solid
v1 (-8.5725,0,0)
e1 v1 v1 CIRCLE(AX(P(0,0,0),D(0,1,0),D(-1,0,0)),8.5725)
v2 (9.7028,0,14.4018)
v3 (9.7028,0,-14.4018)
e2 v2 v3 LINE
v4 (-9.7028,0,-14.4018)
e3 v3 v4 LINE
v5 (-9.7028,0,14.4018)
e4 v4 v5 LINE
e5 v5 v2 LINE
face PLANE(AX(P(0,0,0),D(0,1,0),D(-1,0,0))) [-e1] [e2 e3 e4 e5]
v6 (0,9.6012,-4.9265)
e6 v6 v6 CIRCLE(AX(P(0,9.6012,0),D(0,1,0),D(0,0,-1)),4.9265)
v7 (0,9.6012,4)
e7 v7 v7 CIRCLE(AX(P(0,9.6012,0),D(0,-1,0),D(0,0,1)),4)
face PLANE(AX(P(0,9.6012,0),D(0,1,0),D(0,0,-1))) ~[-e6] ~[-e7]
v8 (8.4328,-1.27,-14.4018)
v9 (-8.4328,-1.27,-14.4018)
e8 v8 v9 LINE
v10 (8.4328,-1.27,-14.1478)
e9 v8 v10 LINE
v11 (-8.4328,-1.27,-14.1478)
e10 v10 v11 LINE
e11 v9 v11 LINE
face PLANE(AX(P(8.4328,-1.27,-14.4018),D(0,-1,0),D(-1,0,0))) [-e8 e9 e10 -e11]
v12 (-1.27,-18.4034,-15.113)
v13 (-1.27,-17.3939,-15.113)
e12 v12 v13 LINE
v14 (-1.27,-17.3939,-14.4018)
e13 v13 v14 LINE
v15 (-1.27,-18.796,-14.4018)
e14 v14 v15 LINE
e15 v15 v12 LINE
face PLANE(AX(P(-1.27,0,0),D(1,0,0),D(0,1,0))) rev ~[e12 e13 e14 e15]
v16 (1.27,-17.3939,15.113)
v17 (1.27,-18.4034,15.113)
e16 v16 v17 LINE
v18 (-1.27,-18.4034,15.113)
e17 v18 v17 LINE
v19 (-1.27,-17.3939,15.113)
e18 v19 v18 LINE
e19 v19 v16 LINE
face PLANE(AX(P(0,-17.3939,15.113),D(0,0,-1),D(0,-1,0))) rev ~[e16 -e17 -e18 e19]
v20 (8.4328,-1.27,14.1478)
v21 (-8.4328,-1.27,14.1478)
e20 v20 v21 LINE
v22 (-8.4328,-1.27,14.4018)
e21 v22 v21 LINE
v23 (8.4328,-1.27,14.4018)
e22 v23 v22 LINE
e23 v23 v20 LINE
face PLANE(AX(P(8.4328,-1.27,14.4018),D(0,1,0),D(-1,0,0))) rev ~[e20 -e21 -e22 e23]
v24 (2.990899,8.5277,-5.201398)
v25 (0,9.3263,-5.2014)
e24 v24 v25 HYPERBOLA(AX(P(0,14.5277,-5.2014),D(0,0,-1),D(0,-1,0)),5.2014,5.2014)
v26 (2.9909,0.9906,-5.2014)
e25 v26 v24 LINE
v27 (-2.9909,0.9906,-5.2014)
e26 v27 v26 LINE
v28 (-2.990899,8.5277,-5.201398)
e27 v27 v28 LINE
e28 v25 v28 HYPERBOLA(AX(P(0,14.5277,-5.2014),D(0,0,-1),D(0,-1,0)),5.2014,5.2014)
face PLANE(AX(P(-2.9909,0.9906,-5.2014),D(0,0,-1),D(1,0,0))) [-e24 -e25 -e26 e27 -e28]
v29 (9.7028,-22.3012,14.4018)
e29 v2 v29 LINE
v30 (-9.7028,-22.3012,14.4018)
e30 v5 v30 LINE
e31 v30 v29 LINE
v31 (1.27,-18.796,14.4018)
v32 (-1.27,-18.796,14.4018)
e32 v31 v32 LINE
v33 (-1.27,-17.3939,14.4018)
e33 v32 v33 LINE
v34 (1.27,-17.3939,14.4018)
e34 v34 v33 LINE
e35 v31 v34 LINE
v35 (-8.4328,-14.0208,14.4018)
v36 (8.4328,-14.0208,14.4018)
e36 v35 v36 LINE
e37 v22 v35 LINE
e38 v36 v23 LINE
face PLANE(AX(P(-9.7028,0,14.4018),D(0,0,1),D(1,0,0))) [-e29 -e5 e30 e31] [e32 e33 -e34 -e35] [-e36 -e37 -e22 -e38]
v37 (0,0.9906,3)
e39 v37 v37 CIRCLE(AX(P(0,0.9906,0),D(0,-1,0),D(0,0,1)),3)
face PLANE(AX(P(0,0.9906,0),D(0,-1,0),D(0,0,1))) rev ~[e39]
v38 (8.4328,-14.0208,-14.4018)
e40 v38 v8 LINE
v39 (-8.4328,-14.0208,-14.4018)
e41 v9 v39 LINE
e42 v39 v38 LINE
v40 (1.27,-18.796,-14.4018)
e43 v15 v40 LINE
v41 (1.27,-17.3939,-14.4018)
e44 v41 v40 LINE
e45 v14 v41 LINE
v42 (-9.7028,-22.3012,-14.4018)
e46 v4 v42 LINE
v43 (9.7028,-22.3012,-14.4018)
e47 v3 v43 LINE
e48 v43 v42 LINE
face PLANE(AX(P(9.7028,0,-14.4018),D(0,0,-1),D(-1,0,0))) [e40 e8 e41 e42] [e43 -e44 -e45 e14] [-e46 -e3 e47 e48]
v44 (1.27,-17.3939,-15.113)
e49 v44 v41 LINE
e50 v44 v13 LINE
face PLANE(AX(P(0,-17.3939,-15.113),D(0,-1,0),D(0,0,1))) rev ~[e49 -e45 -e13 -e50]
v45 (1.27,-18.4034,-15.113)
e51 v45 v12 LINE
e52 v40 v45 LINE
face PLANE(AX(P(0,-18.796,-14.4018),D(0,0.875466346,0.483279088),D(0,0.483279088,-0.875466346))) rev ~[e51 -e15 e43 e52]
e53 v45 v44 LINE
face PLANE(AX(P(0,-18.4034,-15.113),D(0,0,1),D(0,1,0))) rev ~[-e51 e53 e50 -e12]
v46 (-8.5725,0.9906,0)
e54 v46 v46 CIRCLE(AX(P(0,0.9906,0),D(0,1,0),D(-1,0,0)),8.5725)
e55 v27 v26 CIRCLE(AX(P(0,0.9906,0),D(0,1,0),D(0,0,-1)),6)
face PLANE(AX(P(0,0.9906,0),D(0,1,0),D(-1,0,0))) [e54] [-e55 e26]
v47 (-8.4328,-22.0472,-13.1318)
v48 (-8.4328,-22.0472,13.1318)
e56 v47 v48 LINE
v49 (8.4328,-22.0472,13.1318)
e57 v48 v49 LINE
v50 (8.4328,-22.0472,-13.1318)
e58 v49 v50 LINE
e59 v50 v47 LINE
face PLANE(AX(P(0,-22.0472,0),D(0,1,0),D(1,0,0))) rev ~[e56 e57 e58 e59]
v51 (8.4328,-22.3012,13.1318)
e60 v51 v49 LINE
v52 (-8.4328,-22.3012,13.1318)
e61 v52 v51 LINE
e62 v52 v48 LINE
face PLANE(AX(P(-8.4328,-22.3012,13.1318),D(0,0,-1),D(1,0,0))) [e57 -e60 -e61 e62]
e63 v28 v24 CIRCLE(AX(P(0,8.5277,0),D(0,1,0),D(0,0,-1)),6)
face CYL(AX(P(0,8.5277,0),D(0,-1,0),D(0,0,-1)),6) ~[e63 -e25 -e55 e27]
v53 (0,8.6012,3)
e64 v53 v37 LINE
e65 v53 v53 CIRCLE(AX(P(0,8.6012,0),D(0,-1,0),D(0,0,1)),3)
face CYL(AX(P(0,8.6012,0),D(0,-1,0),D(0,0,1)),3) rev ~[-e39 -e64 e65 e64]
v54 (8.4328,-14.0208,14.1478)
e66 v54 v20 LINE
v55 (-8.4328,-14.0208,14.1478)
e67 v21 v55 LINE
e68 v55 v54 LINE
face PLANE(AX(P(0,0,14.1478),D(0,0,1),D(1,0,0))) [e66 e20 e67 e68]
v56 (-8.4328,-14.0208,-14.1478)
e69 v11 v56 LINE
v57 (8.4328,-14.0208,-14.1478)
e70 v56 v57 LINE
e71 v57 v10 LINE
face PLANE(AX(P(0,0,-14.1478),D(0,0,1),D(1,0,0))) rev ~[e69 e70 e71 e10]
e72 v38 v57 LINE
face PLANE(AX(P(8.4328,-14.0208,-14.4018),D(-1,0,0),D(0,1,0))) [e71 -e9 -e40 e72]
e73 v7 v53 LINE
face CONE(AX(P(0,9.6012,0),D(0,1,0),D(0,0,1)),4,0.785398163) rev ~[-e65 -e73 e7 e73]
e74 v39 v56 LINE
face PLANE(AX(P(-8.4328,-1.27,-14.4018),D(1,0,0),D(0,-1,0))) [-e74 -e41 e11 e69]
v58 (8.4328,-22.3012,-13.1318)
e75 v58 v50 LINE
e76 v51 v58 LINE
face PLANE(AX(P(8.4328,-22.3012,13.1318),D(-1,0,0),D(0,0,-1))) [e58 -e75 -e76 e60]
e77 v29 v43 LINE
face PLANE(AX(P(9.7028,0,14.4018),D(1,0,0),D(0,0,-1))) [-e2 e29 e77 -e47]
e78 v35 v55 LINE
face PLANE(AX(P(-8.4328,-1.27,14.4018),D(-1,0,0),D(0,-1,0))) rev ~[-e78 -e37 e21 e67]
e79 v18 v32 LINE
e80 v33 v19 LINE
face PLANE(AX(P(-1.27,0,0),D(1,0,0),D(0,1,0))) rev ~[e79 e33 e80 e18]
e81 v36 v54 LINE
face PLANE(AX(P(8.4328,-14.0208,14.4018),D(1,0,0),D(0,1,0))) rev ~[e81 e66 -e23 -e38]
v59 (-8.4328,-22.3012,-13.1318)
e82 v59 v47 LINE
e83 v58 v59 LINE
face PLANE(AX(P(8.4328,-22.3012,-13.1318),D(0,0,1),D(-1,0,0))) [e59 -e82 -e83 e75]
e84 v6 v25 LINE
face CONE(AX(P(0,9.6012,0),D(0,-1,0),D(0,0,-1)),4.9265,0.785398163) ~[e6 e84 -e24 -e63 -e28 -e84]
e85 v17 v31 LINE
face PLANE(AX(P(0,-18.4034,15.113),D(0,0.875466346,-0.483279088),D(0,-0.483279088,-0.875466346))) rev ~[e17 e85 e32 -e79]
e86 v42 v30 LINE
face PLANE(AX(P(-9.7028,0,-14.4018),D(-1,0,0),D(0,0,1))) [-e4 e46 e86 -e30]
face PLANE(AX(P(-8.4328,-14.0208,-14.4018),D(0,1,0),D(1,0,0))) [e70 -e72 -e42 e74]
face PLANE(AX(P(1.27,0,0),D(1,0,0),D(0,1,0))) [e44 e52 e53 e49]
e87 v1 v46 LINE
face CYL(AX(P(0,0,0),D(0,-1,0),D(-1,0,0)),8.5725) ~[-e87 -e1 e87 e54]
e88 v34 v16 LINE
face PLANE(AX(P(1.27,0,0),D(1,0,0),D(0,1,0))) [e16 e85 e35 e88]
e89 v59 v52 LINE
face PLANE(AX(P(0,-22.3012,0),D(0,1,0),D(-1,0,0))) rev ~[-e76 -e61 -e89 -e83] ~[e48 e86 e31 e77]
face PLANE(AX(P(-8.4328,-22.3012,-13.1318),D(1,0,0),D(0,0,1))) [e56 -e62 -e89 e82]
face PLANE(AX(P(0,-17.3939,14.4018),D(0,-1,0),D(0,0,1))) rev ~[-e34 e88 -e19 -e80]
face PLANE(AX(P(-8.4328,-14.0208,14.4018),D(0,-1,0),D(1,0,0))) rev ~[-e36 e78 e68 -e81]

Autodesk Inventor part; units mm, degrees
sketch "Sketch_1" plane through (0, 0, 0) normal (0, 1, 0) x (-1, 0, 0)
  line L0 (9.7028, 14.4018) -> (-9.7028, 14.4018)
  line L1 (-9.7028, 14.4018) -> (-9.7028, -14.4018)
  line L2 (-9.7028, -14.4018) -> (9.7028, -14.4018)
  line L3 (9.7028, -14.4018) -> (9.7028, 14.4018)
extrude "Extrusion1" add sketch "Sketch_1" against normal blind 22.3012
sketch "Sketch_2" plane through (0, 0, 0) normal (0, 1, 0) x (-1, 0, 0)
  circle A0 centre (0, 0) radius 8.5725
extrude "Extrusion2" add sketch "Sketch_2" along normal blind 0.9906
sketch "Sketch_3" plane through (0, 0, 0) normal (1, 0, 0) x (0, 1, 0)
  line L0 (0.9906, 0) -> (9.6012, 0)
  line L1 (9.6012, 0) -> (9.6012, -4.9265)
  line L2 (9.6012, -4.9265) -> (8.5277, -6)
  line L3 (8.5277, -6) -> (0.9906, -6)
  line L4 (0.9906, -6) -> (0.9906, 0)
  line L5 (0.9906, 0) -> (9.6012, 0)
revolve "Revolution1" add sketch "Sketch_3" angle 360 about axis through (0, 0.9906, 0) along (0, 1, 0)
sketch "Sketch_10" plane through (0, 0.9906, 0) normal (0, 1, 0) x (1, 0, 0)
  line L0 (-2.9909, 5.2014) -> (2.9909, 5.2014)
  arc A0 (2.9909, 5.2014) -> (-2.9909, 5.2014) centre (0, 0) ccw
extrude "Extrusion3" cut sketch "Sketch_10" along normal blind 8.6106
sketch "Sketch5" plane through (0, 9.6012, 0) normal (0, 1, 0) x (1, 0, 0)
  point P0 (0, 0)
hole "Drilling 1" at (0, 9.6012, 0) direction (0, -1, 0) diameter 6 depth 8.6106 countersink diameter 8 countersink angle 90
sketch "Sketch_5" plane through (0, -22.3012, 0) normal (0, 1, 0) x (1, 0, 0)
  line L0 (-8.4328, -13.1318) -> (8.4328, -13.1318)
  line L1 (8.4328, -13.1318) -> (8.4328, 13.1318)
  line L2 (8.4328, 13.1318) -> (-8.4328, 13.1318)
  line L3 (-8.4328, 13.1318) -> (-8.4328, -13.1318)
extrude "Extrusion4" cut sketch "Sketch_5" along normal blind 0.254
sketch "Sketch_6" plane through (0, 0, -14.4018) normal (0, 0, 1) x (1, 0, 0)
  line L0 (-8.4328, -1.27) -> (-8.4328, -14.0208)
  line L1 (-8.4328, -14.0208) -> (8.4328, -14.0208)
  line L2 (8.4328, -14.0208) -> (8.4328, -1.27)
  line L3 (8.4328, -1.27) -> (-8.4328, -1.27)
extrude "Extrusion5" cut sketch "Sketch_6" along normal blind 0.254
sketch "Sketch_7" plane through (0, 0, 14.4018) normal (0, 0, 1) x (1, 0, 0)
  line L0 (-8.4328, -1.27) -> (-8.4328, -14.0208)
  line L1 (-8.4328, -14.0208) -> (8.4328, -14.0208)
  line L2 (8.4328, -14.0208) -> (8.4328, -1.27)
  line L3 (8.4328, -1.27) -> (-8.4328, -1.27)
extrude "Extrusion6" cut sketch "Sketch_7" against normal blind 0.254
sketch "Sketch_8" plane through (0, 0, 0) normal (1, 0, 0) x (0, 1, 0)
  line L0 (-17.3939, 15.113) -> (-18.4034, 15.113)
  line L1 (-18.4034, 15.113) -> (-18.796, 14.4018)
  line L2 (-18.796, 14.4018) -> (-17.3939, 14.4018)
  line L3 (-17.3939, 14.4018) -> (-17.3939, 15.113)
extrude "Extrusion7" add sketch "Sketch_8" along normal mid plane 2.54
sketch "Sketch_9" plane through (0, 0, 0) normal (1, 0, 0) x (0, 1, 0)
  line L0 (-17.3939, -14.4018) -> (-18.796, -14.4018)
  line L1 (-18.796, -14.4018) -> (-18.4034, -15.113)
  line L2 (-18.4034, -15.113) -> (-17.3939, -15.113)
  line L3 (-17.3939, -15.113) -> (-17.3939, -14.4018)
extrude "Extrusion8" add sketch "Sketch_9" along normal mid plane 2.54
ref_plane "body_to_body2_XY" through (0, -15.2908, 0) normal (0, -1, 0) x (1, 0, 0)
ref_plane "body_to_body2_YZ" through (0, -15.2908, 0) normal (1, 0, 0) x (0, 0, 1)
ref_plane "body_to_body2_ZX" through (0, -15.2908, 0) normal (0, 0, 1) x (0, -1, 0)
ref_plane "body_to_dummy_XY" through (0, 0, 0) normal (0, -1, 0) x (1, 0, 0)
ref_plane "body_to_dummy_YZ" through (0, 0, 0) normal (1, 0, 0) x (0, 0, 1)
ref_plane "body_to_dummy_ZX" through (0, 0, 0) normal (0, 0, 1) x (0, -1, 0)
ref_plane "body_to_terminal_XY" through (0, -22.3012, 0) normal (0, 1, 0) x (1, 0, 0)
ref_plane "body_to_terminal_YZ" through (0, -22.3012, 0) normal (1, 0, 0) x (0, 0, -1)
ref_plane "body_to_terminal_ZX" through (0, -22.3012, 0) normal (0, 0, -1) x (0, 1, 0)
ref_plane "body_to_toggle_XY" through (0, 2.4003, 0) normal (0, -1, 0) x (1, 0, 0)
ref_plane "body_to_toggle_YZ" through (0, 2.4003, 0) normal (1, 0, 0) x (0, 0, 1)
ref_plane "body_to_toggle_ZX" through (0, 2.4003, 0) normal (0, 0, 1) x (0, -1, 0)
ref_plane "body_to_washer_XY" through (0, 0.9906, 0) normal (0, -1, 0) x (1, 0, 0)
ref_plane "body_to_washer_YZ" through (0, 0.9906, 0) normal (1, 0, 0) x (0, 0, 1)
ref_plane "body_to_washer_ZX" through (0, 0.9906, 0) normal (0, 0, 1) x (0, -1, 0)
properties part number "WT_body"
